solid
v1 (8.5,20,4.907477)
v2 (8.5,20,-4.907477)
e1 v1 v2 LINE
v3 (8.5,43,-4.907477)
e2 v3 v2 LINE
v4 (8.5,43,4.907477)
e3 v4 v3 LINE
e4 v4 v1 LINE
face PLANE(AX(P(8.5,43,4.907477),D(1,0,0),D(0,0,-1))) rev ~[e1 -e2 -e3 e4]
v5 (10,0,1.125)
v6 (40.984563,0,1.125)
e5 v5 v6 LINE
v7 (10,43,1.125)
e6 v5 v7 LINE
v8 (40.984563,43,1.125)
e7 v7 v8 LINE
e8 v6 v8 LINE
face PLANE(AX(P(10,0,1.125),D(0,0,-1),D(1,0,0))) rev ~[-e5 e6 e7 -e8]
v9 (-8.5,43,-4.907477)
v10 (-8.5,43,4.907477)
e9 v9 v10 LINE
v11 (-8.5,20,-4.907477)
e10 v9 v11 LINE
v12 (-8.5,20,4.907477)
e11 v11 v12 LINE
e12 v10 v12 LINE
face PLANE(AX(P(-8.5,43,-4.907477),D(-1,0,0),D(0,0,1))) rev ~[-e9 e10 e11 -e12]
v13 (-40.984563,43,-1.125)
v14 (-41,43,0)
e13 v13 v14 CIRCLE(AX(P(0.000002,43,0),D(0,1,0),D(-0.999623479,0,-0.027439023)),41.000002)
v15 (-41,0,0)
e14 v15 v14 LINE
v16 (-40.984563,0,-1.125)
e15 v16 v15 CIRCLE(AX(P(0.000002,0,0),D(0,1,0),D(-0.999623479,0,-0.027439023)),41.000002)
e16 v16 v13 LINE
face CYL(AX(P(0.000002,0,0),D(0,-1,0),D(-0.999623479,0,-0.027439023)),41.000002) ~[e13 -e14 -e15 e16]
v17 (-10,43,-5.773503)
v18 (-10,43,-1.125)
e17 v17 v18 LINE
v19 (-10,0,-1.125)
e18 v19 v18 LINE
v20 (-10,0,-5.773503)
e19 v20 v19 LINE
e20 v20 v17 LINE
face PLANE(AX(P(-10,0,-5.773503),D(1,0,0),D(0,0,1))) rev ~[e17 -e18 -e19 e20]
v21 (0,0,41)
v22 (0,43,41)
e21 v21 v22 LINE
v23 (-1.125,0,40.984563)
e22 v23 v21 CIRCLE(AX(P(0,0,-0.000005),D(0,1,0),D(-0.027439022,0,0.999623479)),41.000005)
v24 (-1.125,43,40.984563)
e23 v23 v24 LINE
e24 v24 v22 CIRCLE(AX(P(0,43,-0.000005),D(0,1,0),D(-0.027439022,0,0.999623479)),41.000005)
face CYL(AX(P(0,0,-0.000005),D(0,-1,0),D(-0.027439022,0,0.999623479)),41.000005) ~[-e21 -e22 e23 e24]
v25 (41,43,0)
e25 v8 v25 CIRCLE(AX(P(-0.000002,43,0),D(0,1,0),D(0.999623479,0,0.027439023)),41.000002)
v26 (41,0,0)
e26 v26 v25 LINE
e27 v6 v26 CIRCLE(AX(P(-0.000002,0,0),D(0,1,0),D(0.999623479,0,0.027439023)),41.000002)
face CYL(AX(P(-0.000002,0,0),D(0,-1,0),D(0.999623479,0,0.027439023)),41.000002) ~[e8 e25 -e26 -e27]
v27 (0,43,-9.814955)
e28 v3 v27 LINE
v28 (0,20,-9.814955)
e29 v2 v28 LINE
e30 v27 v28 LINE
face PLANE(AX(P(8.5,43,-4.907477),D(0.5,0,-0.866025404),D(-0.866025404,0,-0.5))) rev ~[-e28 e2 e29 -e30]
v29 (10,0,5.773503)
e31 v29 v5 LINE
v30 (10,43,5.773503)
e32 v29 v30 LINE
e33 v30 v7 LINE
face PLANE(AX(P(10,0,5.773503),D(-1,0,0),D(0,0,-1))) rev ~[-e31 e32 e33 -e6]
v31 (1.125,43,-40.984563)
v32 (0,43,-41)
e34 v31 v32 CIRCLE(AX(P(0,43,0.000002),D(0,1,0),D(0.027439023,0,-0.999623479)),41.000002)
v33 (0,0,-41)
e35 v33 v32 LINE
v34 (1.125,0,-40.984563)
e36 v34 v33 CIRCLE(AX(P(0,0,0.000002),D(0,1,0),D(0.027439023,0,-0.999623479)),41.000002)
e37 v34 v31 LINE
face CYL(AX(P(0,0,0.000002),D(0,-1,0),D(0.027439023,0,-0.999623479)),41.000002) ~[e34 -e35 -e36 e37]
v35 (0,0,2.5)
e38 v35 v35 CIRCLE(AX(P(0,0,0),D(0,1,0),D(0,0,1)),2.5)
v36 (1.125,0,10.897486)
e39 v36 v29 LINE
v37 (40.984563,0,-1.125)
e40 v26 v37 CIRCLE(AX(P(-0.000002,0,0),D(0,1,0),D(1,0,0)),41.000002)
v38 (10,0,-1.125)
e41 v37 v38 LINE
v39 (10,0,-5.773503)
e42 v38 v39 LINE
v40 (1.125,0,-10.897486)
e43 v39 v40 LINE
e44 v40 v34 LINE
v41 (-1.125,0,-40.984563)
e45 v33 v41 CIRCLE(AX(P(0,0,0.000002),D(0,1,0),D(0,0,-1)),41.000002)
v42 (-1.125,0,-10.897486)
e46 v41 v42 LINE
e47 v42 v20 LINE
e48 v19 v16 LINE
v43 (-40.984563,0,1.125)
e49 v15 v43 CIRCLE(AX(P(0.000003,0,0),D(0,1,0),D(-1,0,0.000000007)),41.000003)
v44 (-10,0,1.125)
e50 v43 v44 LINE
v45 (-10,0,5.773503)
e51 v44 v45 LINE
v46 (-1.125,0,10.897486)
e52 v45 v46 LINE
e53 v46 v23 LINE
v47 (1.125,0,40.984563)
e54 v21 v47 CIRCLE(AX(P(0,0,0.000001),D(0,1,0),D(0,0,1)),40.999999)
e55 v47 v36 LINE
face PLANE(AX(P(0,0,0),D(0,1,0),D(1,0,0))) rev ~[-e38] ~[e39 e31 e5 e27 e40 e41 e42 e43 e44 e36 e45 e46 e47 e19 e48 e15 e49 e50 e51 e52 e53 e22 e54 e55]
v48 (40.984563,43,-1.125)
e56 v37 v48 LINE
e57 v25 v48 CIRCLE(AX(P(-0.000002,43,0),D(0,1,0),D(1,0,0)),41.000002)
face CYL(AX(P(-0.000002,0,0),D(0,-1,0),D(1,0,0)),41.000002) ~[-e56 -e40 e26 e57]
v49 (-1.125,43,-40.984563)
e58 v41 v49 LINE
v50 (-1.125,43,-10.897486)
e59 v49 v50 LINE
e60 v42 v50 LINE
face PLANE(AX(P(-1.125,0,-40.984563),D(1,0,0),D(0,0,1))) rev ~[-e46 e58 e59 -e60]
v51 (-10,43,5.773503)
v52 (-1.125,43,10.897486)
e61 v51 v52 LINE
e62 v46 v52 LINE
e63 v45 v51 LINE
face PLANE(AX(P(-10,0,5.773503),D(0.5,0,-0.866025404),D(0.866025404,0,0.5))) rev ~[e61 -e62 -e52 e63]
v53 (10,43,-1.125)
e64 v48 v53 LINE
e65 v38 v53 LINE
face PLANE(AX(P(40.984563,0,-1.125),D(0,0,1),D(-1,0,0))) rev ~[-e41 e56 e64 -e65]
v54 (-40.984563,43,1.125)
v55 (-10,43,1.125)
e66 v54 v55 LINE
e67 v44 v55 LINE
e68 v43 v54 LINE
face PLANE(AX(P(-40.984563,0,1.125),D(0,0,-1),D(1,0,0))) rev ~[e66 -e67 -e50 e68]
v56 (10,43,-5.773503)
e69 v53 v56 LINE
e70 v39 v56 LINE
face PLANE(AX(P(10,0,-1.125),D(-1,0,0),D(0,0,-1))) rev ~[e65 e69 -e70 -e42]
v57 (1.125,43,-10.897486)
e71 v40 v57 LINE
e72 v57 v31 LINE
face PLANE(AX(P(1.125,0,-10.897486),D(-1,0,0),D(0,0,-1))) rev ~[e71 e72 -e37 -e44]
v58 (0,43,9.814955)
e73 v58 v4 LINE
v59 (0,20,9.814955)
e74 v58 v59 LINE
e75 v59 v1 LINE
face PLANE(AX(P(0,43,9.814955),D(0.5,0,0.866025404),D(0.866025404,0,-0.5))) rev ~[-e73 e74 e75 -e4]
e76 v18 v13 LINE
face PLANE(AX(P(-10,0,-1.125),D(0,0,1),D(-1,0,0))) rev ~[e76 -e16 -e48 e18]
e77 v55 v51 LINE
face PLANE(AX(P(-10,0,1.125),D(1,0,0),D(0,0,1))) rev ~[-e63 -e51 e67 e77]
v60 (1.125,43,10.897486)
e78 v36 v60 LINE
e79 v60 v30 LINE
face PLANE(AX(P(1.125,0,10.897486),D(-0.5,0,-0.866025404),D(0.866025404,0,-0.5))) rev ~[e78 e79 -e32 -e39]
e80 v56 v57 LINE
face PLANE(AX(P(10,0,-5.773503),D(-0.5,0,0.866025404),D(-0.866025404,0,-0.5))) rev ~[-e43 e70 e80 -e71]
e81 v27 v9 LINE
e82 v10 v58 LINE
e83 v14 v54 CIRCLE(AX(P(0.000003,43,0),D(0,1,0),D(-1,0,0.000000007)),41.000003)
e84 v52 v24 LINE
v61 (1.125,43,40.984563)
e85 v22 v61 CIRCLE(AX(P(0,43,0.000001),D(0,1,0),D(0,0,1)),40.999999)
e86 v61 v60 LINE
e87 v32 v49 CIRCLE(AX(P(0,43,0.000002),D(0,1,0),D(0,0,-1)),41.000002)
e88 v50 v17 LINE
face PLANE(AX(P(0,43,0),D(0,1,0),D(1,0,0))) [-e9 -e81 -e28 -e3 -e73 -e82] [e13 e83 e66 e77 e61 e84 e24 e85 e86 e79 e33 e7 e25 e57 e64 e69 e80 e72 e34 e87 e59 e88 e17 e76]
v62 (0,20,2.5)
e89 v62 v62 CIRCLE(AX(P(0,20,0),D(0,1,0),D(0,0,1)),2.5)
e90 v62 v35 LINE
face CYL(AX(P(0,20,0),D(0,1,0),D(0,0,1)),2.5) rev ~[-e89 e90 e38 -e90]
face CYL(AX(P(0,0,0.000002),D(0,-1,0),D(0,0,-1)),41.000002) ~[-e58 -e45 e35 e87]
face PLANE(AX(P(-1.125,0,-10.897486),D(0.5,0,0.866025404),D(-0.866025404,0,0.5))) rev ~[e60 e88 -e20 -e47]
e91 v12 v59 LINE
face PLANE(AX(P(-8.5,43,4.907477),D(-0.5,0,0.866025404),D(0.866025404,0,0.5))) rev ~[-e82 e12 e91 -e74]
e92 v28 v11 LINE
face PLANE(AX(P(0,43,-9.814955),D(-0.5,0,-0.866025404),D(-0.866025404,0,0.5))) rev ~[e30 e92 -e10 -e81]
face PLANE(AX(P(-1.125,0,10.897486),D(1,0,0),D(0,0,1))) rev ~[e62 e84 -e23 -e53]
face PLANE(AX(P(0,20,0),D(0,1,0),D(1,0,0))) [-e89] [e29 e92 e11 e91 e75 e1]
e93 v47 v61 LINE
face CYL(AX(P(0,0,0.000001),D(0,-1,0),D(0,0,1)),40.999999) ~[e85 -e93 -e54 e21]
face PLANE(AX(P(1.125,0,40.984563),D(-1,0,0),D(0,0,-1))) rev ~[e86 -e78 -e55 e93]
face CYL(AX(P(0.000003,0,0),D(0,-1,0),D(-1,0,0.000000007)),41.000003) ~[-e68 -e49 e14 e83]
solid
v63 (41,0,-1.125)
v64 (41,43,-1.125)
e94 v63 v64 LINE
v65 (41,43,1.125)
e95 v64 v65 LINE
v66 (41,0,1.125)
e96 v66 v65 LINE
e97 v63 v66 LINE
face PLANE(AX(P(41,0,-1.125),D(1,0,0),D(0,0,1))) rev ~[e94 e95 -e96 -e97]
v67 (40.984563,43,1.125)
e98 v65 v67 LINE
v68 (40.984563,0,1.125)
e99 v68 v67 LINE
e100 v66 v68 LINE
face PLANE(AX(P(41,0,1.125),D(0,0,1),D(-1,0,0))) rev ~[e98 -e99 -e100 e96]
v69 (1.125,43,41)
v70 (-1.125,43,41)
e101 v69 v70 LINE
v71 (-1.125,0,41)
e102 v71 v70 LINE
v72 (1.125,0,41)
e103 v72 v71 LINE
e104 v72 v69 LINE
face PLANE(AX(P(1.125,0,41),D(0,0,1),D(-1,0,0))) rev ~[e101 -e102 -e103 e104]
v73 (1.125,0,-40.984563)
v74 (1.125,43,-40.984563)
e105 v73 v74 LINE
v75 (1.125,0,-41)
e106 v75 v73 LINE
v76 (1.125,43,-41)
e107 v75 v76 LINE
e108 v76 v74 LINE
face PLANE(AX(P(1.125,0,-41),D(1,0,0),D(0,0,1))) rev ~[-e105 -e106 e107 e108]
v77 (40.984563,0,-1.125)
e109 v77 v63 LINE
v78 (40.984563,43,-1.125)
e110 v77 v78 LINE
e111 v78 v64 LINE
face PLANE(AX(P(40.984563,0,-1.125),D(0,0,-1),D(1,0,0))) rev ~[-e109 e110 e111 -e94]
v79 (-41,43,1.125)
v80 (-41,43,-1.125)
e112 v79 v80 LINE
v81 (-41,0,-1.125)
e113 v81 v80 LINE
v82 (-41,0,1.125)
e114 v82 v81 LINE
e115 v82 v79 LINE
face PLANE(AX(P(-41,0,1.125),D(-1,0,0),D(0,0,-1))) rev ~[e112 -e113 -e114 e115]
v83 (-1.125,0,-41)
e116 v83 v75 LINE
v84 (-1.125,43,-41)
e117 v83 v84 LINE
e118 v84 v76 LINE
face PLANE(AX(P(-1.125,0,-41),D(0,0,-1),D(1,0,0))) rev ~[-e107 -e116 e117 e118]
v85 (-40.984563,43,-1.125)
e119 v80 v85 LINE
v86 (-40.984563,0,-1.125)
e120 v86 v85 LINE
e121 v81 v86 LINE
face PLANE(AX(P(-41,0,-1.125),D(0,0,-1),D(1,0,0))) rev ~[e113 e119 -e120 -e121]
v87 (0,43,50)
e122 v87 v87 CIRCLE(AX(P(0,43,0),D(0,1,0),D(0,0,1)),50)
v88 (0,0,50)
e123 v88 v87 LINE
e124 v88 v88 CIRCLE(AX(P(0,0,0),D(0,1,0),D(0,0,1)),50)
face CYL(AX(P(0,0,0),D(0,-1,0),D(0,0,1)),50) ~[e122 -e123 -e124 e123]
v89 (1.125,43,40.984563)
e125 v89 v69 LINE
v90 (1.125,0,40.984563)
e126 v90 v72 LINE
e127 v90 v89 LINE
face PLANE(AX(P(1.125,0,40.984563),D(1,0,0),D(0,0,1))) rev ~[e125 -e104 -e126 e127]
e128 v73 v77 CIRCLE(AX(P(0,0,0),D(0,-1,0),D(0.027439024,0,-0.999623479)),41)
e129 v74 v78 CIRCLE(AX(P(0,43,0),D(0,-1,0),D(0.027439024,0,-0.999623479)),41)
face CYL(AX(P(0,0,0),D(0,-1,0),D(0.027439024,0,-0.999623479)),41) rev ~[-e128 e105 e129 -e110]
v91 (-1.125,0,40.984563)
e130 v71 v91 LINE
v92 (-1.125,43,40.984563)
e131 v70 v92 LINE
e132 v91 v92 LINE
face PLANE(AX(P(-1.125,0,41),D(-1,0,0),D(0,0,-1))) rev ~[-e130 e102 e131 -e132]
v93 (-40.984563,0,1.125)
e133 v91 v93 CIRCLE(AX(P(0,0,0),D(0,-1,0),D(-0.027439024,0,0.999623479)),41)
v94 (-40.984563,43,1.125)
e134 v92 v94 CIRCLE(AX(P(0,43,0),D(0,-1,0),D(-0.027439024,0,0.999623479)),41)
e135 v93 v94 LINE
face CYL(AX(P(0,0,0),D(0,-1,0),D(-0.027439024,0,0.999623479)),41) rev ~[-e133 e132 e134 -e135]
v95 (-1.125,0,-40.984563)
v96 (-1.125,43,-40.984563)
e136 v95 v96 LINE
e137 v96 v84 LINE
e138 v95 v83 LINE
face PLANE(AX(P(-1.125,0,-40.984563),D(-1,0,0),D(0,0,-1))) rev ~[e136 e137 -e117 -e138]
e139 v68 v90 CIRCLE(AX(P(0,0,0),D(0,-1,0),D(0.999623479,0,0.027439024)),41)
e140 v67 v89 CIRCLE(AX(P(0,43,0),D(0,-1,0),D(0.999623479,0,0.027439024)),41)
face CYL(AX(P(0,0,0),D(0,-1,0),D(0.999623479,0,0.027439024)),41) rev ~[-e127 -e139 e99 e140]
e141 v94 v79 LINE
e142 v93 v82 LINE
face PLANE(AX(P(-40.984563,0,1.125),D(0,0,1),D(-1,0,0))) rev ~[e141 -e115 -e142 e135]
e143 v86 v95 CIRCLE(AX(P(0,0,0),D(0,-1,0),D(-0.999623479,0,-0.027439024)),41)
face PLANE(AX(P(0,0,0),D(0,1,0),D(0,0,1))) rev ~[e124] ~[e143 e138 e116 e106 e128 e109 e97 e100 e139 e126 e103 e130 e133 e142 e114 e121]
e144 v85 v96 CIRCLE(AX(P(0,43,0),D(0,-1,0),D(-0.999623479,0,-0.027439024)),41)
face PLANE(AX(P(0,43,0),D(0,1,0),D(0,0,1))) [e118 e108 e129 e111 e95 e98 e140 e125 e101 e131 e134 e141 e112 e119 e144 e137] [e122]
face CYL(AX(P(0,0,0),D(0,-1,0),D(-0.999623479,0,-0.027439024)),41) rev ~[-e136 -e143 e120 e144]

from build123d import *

# Parameters (mm, degrees)
MAIN_WHEEL_DEPTH   = 43
SKETCH1_R          = 50
MAIN_WHEEL_2_DEPTH = 43
HEX_BORE_DEPTH     = 23
SKETCH3_R          = 2.5
MOTOR_BORE_DEPTH   = 75.35724578


with BuildPart() as part:
    # Sketch1 → main-wheel (new body)
    with BuildSketch(Plane(origin=(0, 0, 0), x_dir=(1, 0, 0), z_dir=(0, 1, 0))):
        with BuildLine():
            Line((-1.125, -10.897486331), (-1.125, -40.984562643))
            ThreePointArc((-1.125, -40.984562643), (-0.562552934, -40.996140479), (4.4e-08, -41))
            ThreePointArc((4.4e-08, -41), (0.562552978, -40.996140479), (1.125, -40.984562643))
            Line((1.125, -40.984562643), (1.125, -10.897486331))
            Line((1.125, -10.897486331), (10, -5.773502692))
            Line((10, -5.773502692), (10, -1.125))
            Line((10, -1.125), (40.984562643, -1.125))
            ThreePointArc((40.984562643, -1.125), (40.996140479, -0.562552956), (41, 0))
            ThreePointArc((41, 0), (40.996140479, 0.562552956), (40.984562643, 1.125))
            Line((40.984562643, 1.125), (10, 1.125))
            Line((10, 1.125), (10, 5.773502692))
            Line((10, 5.773502692), (1.125, 10.897486331))
            Line((1.125, 10.897486331), (1.125, 40.984562643))
            ThreePointArc((1.125, 40.984562643), (0.562552956, 40.996140479), (0, 41))
            ThreePointArc((0, 41), (-0.562552956, 40.996140479), (-1.125, 40.984562643))
            Line((-1.125, 40.984562643), (-1.125, 10.897486331))
            Line((-1.125, 10.897486331), (-10, 5.773502692))
            Line((-10, 5.773502692), (-10, 1.125))
            Line((-10, 1.125), (-40.984562643, 1.125))
            ThreePointArc((-40.984562643, 1.125), (-40.996140481, 0.562552814), (-41, -2.83e-07))
            ThreePointArc((-41, -2.83e-07), (-40.996140477, -0.562553097), (-40.984562643, -1.125))
            Line((-40.984562643, -1.125), (-10, -1.125))
            Line((-10, -1.125), (-10, -5.773502692))
            Line((-10, -5.773502692), (-1.125, -10.897486331))
        make_face()
    extrude(amount=MAIN_WHEEL_DEPTH)

    # Sketch2 → hex-bore (cut)
    with BuildSketch(Plane(origin=(0, 43, 0), x_dir=(1, 0, 0), z_dir=(0, 1, 0))):
        Polygon((0, -9.814954576), (8.5, -4.907477288), (8.5, 4.907477288), (0, 9.814954576), (-8.5, 4.907477288), (-8.5, -4.907477288), align=None)
    extrude(amount=-HEX_BORE_DEPTH, mode=Mode.SUBTRACT)

    # Sketch3 → motor-bore (cut, through all)
    with BuildSketch(Plane(origin=(0, 20, 0), x_dir=(1, 0, 0), z_dir=(0, 1, 0))):
        with Locations(Location((0, 0, 0), (0, 0, 270))):
            Circle(SKETCH3_R)
    extrude(amount=-MOTOR_BORE_DEPTH, mode=Mode.SUBTRACT)


with BuildPart() as body_2:
    # Sketch1 → main-wheel 2 (new body)
    with BuildSketch(Plane(origin=(0, 0, 0), x_dir=(1, 0, 0), z_dir=(0, 1, 0))):
        with Locations(Location((0, 0, 0), (0, 0, 270))):
            Circle(SKETCH1_R)
        with BuildLine():
            Line((4.4e-08, -41), (-1.125, -41))
            Line((-1.125, -41), (-1.125, -40.984562643))
            ThreePointArc((-1.125, -40.984562643), (-28.991378029, -28.991378029), (-40.984562643, -1.125))
            Line((-40.984562643, -1.125), (-41, -1.125))
            Line((-41, -1.125), (-41, -2.83e-07))
            Line((-41, -2.83e-07), (-41, 1.125))
            Line((-41, 1.125), (-40.984562643, 1.125))
            ThreePointArc((-40.984562643, 1.125), (-28.991378029, 28.991378029), (-1.125, 40.984562643))
            Line((-1.125, 40.984562643), (-1.125, 41))
            Line((-1.125, 41), (0, 41))
            Line((0, 41), (1.125, 41))
            Line((1.125, 41), (1.125, 40.984562643))
            ThreePointArc((1.125, 40.984562643), (28.991378029, 28.991378029), (40.984562643, 1.125))
            Line((40.984562643, 1.125), (41, 1.125))
            Line((41, 1.125), (41, 0))
            Line((41, 0), (41, -1.125))
            Line((41, -1.125), (40.984562643, -1.125))
            ThreePointArc((40.984562643, -1.125), (28.991378029, -28.991378029), (1.125, -40.984562643))
            Line((1.125, -40.984562643), (1.125, -41))
            Line((1.125, -41), (4.4e-08, -41))
        make_face(mode=Mode.SUBTRACT)
    extrude(amount=MAIN_WHEEL_2_DEPTH)


solid = Compound([part.part, body_2.part])
